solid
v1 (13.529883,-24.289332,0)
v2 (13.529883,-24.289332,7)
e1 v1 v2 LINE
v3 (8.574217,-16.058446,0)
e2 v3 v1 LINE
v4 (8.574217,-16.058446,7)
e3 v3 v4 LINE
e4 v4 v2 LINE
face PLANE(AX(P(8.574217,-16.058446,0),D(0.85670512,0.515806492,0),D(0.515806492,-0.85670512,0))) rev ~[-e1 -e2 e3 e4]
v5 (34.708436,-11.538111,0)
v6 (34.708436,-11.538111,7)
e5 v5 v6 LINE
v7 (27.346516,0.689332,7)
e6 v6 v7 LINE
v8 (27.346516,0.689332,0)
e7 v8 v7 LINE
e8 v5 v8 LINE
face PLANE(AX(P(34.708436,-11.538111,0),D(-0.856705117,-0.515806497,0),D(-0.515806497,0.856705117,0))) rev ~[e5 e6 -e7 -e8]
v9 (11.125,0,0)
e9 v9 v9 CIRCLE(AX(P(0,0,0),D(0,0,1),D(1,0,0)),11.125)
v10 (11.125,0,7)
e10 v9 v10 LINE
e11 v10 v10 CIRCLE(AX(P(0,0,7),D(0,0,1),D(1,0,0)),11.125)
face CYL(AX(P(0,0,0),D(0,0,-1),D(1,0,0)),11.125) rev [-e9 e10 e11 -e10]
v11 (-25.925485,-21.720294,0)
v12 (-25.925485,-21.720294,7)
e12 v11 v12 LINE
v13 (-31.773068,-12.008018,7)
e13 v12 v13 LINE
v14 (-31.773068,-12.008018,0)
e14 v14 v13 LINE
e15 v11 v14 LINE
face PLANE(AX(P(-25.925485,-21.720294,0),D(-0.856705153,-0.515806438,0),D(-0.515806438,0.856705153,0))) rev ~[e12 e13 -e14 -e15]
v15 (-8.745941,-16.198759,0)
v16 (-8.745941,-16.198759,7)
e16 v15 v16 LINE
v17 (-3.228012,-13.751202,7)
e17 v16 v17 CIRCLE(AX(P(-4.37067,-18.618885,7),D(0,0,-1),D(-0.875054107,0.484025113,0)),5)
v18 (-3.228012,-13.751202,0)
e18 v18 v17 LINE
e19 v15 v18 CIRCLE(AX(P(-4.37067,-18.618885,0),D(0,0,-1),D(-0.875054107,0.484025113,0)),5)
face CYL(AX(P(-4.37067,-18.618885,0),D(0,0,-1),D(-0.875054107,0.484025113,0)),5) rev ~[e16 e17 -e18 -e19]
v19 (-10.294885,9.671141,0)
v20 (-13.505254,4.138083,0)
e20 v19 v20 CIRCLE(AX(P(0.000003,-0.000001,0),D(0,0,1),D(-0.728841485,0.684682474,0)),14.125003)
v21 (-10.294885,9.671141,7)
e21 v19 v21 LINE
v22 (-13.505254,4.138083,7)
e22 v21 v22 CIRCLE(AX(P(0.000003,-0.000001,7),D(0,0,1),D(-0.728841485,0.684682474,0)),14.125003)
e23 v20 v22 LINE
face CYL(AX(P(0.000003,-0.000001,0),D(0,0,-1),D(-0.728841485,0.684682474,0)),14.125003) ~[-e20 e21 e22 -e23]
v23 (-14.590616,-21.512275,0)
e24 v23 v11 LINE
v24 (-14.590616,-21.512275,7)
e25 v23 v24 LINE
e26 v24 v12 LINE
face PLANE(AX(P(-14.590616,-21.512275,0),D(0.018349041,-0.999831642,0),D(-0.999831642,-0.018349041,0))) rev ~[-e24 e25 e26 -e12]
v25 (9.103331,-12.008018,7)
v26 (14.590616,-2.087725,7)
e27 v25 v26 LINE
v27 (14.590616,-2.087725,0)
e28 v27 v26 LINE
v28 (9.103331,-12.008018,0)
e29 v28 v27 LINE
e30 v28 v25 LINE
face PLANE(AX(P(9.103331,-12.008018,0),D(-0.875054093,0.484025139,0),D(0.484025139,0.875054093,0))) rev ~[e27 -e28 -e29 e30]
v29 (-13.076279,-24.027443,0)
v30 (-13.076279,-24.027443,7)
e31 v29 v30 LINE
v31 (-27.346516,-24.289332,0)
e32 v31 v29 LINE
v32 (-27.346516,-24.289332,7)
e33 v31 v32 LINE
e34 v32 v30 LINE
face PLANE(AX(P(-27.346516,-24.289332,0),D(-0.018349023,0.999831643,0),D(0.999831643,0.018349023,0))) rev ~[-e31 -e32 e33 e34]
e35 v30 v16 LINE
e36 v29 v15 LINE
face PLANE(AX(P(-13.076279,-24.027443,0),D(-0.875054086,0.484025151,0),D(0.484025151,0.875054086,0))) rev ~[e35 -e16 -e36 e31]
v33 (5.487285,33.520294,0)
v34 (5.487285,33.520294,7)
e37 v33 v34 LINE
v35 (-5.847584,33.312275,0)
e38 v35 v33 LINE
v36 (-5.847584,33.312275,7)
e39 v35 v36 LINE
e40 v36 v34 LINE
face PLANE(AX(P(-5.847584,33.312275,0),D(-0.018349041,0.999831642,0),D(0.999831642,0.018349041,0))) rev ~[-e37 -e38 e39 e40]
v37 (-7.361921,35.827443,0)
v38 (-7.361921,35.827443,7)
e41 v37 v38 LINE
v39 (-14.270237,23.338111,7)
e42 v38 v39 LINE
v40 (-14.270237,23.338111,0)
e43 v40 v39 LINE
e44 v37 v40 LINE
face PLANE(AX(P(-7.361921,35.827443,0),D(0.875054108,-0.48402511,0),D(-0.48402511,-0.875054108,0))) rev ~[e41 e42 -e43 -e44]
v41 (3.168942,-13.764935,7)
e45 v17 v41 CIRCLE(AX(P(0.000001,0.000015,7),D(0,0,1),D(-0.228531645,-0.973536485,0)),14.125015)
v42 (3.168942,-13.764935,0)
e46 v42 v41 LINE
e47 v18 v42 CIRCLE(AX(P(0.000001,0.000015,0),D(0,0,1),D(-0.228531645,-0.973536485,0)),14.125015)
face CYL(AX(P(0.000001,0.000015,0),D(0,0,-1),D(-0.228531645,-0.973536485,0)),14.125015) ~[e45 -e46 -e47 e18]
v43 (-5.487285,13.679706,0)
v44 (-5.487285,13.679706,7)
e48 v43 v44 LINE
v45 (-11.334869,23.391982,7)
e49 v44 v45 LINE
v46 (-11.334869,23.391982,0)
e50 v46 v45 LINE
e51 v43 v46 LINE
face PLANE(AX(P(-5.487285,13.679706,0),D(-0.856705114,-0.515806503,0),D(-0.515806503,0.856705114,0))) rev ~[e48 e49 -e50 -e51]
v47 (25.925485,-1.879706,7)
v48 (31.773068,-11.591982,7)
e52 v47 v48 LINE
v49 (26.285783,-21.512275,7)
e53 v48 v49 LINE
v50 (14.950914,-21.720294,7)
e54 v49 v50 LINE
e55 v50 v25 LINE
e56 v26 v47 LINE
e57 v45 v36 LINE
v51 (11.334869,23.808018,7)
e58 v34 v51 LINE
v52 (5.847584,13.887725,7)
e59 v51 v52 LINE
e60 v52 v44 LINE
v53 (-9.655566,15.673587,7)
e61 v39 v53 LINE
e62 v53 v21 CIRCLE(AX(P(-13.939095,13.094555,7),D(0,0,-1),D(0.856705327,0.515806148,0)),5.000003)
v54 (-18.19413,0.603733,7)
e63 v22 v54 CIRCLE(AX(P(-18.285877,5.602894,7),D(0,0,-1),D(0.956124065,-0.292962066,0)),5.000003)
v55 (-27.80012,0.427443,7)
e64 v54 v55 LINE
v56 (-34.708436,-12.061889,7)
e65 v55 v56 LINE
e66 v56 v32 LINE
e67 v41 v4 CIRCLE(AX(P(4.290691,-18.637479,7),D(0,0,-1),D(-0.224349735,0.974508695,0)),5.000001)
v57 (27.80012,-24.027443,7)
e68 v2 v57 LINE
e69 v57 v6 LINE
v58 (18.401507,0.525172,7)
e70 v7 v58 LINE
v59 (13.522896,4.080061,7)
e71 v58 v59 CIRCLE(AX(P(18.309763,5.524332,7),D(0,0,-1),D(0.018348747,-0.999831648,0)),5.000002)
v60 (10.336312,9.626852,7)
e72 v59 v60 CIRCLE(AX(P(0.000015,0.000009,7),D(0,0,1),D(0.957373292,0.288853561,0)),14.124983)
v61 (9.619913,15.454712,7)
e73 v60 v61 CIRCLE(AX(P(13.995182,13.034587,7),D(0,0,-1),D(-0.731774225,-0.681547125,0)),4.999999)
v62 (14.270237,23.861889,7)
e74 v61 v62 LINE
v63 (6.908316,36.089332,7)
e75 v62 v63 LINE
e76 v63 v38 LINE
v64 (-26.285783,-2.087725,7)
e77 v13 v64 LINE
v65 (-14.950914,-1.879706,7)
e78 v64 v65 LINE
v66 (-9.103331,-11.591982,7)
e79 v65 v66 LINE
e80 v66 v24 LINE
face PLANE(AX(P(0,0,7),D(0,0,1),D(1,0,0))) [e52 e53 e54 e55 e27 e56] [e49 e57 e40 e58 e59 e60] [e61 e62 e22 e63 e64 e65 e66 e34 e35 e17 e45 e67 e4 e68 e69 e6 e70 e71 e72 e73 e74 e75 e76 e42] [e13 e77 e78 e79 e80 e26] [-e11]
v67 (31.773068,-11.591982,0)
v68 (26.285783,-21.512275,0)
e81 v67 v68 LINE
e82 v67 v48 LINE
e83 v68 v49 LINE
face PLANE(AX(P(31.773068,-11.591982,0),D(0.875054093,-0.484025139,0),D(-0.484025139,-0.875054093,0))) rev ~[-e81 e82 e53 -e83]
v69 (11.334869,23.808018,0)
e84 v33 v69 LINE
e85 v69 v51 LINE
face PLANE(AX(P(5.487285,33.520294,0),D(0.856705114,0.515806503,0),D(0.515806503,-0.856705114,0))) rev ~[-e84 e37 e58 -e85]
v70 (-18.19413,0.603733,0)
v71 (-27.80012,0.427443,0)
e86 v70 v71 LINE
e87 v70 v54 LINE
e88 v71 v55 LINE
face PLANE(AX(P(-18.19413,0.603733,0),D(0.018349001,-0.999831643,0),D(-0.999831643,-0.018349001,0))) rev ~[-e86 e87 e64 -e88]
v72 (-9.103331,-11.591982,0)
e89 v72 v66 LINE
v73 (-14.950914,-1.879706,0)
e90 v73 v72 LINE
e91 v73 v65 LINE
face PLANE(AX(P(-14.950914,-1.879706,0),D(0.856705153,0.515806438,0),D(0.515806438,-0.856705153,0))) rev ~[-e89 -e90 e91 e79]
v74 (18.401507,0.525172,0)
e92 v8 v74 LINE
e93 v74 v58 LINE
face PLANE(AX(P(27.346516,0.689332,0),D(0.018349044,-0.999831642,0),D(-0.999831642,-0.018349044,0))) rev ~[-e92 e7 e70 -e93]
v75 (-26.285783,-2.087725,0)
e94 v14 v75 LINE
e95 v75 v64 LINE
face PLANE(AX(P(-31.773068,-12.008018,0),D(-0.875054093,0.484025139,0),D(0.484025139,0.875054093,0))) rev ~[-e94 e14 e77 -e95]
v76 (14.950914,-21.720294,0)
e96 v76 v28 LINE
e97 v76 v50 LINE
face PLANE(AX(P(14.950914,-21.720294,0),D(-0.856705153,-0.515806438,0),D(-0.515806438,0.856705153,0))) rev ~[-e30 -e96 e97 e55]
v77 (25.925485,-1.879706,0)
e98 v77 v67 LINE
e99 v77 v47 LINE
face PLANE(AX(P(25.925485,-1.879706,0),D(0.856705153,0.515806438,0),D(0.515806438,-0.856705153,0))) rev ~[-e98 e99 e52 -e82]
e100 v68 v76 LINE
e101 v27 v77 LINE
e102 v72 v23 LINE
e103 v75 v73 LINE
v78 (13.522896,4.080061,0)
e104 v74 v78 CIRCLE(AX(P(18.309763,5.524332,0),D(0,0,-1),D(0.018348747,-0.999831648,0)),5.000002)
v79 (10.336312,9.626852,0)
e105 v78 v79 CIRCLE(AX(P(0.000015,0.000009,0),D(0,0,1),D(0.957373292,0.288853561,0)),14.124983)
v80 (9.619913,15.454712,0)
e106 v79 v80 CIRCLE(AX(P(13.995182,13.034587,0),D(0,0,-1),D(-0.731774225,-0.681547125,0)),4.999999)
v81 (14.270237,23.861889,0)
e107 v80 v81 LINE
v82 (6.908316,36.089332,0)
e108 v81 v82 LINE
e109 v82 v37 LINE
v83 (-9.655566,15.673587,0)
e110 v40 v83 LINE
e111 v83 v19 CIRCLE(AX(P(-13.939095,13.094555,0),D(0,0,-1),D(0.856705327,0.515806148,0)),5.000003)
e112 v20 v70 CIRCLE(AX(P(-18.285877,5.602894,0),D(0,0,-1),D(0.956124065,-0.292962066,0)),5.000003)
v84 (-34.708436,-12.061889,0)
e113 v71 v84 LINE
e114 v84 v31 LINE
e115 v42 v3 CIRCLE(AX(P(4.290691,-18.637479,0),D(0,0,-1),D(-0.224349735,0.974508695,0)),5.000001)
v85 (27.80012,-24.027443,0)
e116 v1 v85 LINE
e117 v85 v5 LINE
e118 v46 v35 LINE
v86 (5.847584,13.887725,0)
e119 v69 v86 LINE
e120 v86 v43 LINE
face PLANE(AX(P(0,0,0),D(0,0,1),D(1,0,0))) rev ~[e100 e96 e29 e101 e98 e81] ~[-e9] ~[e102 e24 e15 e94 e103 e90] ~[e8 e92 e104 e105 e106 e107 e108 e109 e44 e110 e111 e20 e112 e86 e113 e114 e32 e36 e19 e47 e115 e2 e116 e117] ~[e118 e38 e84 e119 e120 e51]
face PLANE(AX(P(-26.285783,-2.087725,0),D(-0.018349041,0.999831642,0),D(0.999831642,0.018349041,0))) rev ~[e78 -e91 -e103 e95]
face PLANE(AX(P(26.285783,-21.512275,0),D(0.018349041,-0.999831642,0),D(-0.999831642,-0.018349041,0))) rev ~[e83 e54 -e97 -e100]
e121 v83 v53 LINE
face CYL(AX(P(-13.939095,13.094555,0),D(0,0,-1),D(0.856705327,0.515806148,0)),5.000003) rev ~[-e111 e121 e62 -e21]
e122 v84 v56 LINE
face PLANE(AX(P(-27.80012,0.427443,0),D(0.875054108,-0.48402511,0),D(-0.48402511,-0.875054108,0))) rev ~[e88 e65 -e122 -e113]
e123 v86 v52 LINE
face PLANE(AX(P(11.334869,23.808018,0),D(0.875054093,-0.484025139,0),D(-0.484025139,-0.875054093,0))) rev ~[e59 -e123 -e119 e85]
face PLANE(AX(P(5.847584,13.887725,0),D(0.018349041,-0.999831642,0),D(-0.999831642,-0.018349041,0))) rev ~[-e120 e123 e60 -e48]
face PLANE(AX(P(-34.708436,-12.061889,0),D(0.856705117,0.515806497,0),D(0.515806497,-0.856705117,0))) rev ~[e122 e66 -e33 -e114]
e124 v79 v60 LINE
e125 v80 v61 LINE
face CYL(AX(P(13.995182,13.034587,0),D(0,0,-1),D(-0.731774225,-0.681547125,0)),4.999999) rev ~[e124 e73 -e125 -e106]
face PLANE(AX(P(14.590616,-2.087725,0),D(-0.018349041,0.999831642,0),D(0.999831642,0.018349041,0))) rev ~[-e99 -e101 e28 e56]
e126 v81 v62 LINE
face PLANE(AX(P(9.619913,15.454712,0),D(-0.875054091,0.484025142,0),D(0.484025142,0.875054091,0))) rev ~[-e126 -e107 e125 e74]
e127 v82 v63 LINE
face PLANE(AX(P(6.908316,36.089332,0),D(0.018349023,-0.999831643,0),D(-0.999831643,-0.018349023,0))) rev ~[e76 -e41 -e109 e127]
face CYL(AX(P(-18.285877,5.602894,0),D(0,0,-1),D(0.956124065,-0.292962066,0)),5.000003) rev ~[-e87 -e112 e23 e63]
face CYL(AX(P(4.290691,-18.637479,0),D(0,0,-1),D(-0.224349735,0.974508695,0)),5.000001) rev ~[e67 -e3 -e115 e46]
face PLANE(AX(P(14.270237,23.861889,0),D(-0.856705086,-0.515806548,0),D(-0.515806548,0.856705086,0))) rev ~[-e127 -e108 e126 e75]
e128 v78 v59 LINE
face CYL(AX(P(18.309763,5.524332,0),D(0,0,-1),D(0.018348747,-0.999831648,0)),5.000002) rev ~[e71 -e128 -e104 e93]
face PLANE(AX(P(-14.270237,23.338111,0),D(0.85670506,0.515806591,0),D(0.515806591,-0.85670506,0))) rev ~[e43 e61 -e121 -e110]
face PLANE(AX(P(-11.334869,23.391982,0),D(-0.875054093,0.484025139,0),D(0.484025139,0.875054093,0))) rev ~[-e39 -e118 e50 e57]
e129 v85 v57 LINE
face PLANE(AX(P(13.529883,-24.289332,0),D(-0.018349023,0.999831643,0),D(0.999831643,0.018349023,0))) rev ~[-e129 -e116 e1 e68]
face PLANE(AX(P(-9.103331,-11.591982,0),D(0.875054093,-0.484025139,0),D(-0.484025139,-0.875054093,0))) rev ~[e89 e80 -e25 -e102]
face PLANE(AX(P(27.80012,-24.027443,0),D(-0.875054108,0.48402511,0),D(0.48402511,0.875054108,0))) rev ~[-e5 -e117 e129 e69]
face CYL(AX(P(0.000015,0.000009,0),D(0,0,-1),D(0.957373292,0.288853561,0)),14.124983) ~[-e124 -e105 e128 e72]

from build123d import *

# Parameters (mm, degrees)
F0_R     = 11.125
F1_DEPTH = 7


with BuildPart() as f1:
    # F0 (on Top) → F1 (new body)
    with BuildSketch(Plane.XY):
        with BuildLine():
            Line((-14.270237, 23.338111), (-9.655566, 15.673587))
            ThreePointArc((-9.655566, 15.673587), (-8.967214, 12.565001), (-10.294885, 9.671141))
            ThreePointArc((-10.294885, 9.671141), (-12.217419, 7.088744), (-13.505254, 4.138083))
            ThreePointArc((-13.505254, 4.138083), (-15.276242, 1.610135), (-18.19413, 0.603733))
            Line((-18.19413, 0.603733), (-27.80012, 0.427443))
            Line((-27.80012, 0.427443), (-34.708436, -12.061889))
            Line((-34.708436, -12.061889), (-27.346516, -24.289332))
            Line((-27.346516, -24.289332), (-13.076279, -24.027443))
            Line((-13.076279, -24.027443), (-8.745941, -16.198759))
            ThreePointArc((-8.745941, -16.198759), (-6.398003, -14.048335), (-3.228012, -13.751202))
            ThreePointArc((-3.228012, -13.751202), (-0.030322, -14.124967), (3.168942, -13.764935))
            ThreePointArc((3.168942, -13.764935), (6.243703, -14.034681), (8.574217, -16.058446))
            Line((8.574217, -16.058446), (13.529883, -24.289332))
            Line((13.529883, -24.289332), (27.80012, -24.027443))
            Line((27.80012, -24.027443), (34.708436, -11.538111))
            Line((34.708436, -11.538111), (27.346516, 0.689332))
            Line((27.346516, 0.689332), (18.401507, 0.525172))
            ThreePointArc((18.401507, 0.525172), (15.365217, 1.483334), (13.522896, 4.080061))
            ThreePointArc((13.522896, 4.080061), (12.247742, 7.036224), (10.336312, 9.626852))
            ThreePointArc((10.336312, 9.626852), (9.032538, 12.424546), (9.619913, 15.454712))
            Line((9.619913, 15.454712), (14.270237, 23.861889))
            Line((14.270237, 23.861889), (6.908316, 36.089332))
            Line((6.908316, 36.089332), (-7.361921, 35.827443))
            Line((-7.361921, 35.827443), (-14.270237, 23.338111))
        make_face()
        Polygon((-26.285783, -2.087725), (-14.950914, -1.879706), (-9.103331, -11.591982), (-14.590616, -21.512275), (-25.925485, -21.720294), (-31.773068, -12.008018), align=None, mode=Mode.SUBTRACT)
        Polygon((14.950914, -21.720294), (9.103331, -12.008018), (14.590616, -2.087725), (25.925485, -1.879706), (31.773068, -11.591982), (26.285783, -21.512275), align=None, mode=Mode.SUBTRACT)
        Circle(F0_R, mode=Mode.SUBTRACT)
        Polygon((-5.487285, 13.679706), (-11.334869, 23.391982), (-5.847584, 33.312275), (5.487285, 33.520294), (11.334869, 23.808018), (5.847584, 13.887725), align=None, mode=Mode.SUBTRACT)
    extrude(amount=F1_DEPTH)


solid = f1.part
